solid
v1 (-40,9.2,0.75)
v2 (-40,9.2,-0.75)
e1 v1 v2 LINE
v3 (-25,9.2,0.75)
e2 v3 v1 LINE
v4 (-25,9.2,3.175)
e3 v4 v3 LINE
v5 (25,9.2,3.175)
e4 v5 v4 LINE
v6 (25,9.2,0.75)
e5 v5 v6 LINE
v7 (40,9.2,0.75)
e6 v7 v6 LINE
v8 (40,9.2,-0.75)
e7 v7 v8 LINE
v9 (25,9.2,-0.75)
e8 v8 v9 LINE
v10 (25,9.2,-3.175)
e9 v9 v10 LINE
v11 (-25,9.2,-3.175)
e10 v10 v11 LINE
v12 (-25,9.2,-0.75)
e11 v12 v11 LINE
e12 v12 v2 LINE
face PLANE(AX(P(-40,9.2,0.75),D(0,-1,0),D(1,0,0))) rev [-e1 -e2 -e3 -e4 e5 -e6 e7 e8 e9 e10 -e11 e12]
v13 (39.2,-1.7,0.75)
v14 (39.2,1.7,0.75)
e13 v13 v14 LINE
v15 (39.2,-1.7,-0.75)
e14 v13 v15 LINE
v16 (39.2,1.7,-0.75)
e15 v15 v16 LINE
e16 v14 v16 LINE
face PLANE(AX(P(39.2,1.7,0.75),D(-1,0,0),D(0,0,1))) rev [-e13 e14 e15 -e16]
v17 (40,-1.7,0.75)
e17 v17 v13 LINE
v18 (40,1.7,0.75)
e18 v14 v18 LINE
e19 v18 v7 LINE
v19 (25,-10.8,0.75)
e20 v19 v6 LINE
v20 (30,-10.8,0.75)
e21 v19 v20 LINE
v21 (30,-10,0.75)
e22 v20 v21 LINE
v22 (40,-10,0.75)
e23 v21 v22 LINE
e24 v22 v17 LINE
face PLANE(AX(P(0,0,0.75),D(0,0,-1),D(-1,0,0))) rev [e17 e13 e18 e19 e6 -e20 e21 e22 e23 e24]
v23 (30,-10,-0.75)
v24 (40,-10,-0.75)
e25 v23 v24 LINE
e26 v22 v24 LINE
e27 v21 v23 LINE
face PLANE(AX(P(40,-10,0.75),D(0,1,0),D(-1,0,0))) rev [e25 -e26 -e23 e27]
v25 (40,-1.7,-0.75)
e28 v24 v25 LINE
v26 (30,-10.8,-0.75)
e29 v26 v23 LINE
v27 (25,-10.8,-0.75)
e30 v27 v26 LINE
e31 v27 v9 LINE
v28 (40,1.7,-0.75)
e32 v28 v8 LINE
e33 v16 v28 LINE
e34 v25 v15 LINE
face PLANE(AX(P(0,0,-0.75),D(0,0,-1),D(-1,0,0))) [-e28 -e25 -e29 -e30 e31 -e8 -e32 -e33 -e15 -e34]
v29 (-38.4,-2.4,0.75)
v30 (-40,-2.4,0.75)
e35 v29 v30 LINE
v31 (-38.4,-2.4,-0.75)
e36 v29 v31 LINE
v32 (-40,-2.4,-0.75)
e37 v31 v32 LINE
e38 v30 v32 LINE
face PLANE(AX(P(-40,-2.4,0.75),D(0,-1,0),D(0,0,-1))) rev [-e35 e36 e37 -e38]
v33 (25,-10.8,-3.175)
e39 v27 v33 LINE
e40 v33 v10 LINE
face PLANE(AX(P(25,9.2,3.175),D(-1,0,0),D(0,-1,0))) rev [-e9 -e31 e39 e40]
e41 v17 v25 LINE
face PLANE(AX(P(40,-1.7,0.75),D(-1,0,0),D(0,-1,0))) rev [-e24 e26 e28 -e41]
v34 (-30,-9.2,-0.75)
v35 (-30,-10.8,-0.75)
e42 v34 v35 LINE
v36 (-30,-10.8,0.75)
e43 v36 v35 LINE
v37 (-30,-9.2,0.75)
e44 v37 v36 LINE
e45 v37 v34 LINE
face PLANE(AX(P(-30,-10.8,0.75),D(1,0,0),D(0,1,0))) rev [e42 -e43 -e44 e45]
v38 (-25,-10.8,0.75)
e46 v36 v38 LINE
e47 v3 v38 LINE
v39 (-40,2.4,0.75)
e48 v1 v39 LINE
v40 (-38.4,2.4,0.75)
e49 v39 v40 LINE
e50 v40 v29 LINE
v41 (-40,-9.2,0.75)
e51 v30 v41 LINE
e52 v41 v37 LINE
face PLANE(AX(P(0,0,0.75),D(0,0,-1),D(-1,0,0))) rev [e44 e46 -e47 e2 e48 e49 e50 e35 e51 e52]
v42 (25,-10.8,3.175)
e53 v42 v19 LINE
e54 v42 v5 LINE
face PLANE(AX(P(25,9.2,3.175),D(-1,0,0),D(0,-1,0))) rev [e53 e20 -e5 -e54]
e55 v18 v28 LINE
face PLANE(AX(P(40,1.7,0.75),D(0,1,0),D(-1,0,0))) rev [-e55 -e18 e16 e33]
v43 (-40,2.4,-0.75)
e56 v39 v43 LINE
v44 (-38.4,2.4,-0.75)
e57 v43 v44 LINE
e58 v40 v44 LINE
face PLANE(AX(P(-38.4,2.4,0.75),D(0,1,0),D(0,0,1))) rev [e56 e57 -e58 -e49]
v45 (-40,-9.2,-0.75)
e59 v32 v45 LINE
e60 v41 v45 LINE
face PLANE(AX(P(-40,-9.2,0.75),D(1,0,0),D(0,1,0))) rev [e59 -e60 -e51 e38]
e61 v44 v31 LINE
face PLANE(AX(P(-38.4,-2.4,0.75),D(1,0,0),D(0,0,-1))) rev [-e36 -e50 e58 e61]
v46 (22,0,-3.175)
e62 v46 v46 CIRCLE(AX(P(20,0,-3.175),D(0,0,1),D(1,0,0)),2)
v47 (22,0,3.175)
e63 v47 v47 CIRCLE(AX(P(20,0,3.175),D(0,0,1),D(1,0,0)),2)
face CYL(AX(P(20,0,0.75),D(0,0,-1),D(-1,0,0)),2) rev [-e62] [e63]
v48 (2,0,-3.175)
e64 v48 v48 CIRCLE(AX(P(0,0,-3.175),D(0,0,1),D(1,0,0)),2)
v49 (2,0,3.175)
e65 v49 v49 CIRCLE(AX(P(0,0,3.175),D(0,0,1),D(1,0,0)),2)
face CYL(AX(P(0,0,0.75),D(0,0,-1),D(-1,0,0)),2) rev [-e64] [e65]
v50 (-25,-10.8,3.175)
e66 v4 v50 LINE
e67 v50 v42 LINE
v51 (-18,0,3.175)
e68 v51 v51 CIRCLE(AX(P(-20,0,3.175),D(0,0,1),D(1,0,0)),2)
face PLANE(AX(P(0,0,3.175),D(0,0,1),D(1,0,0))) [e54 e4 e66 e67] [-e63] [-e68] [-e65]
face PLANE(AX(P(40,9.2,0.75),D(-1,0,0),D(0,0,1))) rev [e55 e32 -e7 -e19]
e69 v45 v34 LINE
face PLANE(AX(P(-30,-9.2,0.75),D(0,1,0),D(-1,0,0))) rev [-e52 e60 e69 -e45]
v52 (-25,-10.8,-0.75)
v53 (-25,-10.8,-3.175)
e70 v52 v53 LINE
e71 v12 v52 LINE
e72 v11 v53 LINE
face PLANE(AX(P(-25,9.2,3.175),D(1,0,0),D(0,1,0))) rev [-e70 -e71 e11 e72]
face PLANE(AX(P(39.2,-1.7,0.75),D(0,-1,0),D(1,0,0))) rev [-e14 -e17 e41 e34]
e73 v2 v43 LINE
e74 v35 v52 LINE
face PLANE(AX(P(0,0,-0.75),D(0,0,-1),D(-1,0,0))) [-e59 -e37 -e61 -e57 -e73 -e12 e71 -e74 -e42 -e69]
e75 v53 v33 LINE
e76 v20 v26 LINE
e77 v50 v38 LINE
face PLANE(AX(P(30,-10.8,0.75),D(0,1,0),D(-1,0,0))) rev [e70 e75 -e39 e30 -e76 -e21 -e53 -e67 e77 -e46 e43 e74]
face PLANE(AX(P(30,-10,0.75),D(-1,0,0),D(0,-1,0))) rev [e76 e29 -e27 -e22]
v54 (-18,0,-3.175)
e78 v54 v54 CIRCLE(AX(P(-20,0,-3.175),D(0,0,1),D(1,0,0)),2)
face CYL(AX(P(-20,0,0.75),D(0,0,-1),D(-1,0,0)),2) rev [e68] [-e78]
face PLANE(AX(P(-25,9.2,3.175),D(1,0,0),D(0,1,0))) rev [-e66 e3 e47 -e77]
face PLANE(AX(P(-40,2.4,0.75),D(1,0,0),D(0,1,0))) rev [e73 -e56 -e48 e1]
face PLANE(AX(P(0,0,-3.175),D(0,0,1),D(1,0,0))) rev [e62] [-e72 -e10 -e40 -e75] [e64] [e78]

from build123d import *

# Parameters (mm, degrees)
CROQUIS1_R              = 2
SALIENTE_EXTRUIR1_DEPTH = 0.75
CROQUIS2_W              = 50
CROQUIS2_H              = 20
CROQUIS2_R              = 2
SALIENTE_EXTRUIR2_DEPTH = 3.175


with BuildPart() as part:
    # Croquis1 → Saliente-Extruir1 (new, symmetric)
    with BuildSketch(Plane.XY):
        Polygon((-40, 9.2), (40, 9.2), (40, 1.7), (39.2, 1.7), (39.2, -1.7), (40, -1.7), (40, -10), (30, -10), (30, -10.8), (-30, -10.8), (-30, -9.2), (-40, -9.2), (-40, -2.4), (-38.4, -2.4), (-38.4, 2.4), (-40, 2.4), align=None)
        with Locations((20, 0)):
            Circle(CROQUIS1_R, mode=Mode.SUBTRACT)
        Circle(CROQUIS1_R, mode=Mode.SUBTRACT)
        with Locations((-20, 0)):
            Circle(CROQUIS1_R, mode=Mode.SUBTRACT)
    extrude(amount=SALIENTE_EXTRUIR1_DEPTH, both=True)

    # Croquis2 → Saliente-Extruir2 (add, symmetric)
    with BuildSketch(Plane.XY):
        with Locations((0, -0.8)):
            Rectangle(CROQUIS2_W, CROQUIS2_H)
        with Locations((-20, 0)):
            Circle(CROQUIS2_R, mode=Mode.SUBTRACT)
        Circle(CROQUIS2_R, mode=Mode.SUBTRACT)
        with Locations((20, 0)):
            Circle(CROQUIS2_R, mode=Mode.SUBTRACT)
    extrude(amount=SALIENTE_EXTRUIR2_DEPTH, both=True)


solid = part.part
